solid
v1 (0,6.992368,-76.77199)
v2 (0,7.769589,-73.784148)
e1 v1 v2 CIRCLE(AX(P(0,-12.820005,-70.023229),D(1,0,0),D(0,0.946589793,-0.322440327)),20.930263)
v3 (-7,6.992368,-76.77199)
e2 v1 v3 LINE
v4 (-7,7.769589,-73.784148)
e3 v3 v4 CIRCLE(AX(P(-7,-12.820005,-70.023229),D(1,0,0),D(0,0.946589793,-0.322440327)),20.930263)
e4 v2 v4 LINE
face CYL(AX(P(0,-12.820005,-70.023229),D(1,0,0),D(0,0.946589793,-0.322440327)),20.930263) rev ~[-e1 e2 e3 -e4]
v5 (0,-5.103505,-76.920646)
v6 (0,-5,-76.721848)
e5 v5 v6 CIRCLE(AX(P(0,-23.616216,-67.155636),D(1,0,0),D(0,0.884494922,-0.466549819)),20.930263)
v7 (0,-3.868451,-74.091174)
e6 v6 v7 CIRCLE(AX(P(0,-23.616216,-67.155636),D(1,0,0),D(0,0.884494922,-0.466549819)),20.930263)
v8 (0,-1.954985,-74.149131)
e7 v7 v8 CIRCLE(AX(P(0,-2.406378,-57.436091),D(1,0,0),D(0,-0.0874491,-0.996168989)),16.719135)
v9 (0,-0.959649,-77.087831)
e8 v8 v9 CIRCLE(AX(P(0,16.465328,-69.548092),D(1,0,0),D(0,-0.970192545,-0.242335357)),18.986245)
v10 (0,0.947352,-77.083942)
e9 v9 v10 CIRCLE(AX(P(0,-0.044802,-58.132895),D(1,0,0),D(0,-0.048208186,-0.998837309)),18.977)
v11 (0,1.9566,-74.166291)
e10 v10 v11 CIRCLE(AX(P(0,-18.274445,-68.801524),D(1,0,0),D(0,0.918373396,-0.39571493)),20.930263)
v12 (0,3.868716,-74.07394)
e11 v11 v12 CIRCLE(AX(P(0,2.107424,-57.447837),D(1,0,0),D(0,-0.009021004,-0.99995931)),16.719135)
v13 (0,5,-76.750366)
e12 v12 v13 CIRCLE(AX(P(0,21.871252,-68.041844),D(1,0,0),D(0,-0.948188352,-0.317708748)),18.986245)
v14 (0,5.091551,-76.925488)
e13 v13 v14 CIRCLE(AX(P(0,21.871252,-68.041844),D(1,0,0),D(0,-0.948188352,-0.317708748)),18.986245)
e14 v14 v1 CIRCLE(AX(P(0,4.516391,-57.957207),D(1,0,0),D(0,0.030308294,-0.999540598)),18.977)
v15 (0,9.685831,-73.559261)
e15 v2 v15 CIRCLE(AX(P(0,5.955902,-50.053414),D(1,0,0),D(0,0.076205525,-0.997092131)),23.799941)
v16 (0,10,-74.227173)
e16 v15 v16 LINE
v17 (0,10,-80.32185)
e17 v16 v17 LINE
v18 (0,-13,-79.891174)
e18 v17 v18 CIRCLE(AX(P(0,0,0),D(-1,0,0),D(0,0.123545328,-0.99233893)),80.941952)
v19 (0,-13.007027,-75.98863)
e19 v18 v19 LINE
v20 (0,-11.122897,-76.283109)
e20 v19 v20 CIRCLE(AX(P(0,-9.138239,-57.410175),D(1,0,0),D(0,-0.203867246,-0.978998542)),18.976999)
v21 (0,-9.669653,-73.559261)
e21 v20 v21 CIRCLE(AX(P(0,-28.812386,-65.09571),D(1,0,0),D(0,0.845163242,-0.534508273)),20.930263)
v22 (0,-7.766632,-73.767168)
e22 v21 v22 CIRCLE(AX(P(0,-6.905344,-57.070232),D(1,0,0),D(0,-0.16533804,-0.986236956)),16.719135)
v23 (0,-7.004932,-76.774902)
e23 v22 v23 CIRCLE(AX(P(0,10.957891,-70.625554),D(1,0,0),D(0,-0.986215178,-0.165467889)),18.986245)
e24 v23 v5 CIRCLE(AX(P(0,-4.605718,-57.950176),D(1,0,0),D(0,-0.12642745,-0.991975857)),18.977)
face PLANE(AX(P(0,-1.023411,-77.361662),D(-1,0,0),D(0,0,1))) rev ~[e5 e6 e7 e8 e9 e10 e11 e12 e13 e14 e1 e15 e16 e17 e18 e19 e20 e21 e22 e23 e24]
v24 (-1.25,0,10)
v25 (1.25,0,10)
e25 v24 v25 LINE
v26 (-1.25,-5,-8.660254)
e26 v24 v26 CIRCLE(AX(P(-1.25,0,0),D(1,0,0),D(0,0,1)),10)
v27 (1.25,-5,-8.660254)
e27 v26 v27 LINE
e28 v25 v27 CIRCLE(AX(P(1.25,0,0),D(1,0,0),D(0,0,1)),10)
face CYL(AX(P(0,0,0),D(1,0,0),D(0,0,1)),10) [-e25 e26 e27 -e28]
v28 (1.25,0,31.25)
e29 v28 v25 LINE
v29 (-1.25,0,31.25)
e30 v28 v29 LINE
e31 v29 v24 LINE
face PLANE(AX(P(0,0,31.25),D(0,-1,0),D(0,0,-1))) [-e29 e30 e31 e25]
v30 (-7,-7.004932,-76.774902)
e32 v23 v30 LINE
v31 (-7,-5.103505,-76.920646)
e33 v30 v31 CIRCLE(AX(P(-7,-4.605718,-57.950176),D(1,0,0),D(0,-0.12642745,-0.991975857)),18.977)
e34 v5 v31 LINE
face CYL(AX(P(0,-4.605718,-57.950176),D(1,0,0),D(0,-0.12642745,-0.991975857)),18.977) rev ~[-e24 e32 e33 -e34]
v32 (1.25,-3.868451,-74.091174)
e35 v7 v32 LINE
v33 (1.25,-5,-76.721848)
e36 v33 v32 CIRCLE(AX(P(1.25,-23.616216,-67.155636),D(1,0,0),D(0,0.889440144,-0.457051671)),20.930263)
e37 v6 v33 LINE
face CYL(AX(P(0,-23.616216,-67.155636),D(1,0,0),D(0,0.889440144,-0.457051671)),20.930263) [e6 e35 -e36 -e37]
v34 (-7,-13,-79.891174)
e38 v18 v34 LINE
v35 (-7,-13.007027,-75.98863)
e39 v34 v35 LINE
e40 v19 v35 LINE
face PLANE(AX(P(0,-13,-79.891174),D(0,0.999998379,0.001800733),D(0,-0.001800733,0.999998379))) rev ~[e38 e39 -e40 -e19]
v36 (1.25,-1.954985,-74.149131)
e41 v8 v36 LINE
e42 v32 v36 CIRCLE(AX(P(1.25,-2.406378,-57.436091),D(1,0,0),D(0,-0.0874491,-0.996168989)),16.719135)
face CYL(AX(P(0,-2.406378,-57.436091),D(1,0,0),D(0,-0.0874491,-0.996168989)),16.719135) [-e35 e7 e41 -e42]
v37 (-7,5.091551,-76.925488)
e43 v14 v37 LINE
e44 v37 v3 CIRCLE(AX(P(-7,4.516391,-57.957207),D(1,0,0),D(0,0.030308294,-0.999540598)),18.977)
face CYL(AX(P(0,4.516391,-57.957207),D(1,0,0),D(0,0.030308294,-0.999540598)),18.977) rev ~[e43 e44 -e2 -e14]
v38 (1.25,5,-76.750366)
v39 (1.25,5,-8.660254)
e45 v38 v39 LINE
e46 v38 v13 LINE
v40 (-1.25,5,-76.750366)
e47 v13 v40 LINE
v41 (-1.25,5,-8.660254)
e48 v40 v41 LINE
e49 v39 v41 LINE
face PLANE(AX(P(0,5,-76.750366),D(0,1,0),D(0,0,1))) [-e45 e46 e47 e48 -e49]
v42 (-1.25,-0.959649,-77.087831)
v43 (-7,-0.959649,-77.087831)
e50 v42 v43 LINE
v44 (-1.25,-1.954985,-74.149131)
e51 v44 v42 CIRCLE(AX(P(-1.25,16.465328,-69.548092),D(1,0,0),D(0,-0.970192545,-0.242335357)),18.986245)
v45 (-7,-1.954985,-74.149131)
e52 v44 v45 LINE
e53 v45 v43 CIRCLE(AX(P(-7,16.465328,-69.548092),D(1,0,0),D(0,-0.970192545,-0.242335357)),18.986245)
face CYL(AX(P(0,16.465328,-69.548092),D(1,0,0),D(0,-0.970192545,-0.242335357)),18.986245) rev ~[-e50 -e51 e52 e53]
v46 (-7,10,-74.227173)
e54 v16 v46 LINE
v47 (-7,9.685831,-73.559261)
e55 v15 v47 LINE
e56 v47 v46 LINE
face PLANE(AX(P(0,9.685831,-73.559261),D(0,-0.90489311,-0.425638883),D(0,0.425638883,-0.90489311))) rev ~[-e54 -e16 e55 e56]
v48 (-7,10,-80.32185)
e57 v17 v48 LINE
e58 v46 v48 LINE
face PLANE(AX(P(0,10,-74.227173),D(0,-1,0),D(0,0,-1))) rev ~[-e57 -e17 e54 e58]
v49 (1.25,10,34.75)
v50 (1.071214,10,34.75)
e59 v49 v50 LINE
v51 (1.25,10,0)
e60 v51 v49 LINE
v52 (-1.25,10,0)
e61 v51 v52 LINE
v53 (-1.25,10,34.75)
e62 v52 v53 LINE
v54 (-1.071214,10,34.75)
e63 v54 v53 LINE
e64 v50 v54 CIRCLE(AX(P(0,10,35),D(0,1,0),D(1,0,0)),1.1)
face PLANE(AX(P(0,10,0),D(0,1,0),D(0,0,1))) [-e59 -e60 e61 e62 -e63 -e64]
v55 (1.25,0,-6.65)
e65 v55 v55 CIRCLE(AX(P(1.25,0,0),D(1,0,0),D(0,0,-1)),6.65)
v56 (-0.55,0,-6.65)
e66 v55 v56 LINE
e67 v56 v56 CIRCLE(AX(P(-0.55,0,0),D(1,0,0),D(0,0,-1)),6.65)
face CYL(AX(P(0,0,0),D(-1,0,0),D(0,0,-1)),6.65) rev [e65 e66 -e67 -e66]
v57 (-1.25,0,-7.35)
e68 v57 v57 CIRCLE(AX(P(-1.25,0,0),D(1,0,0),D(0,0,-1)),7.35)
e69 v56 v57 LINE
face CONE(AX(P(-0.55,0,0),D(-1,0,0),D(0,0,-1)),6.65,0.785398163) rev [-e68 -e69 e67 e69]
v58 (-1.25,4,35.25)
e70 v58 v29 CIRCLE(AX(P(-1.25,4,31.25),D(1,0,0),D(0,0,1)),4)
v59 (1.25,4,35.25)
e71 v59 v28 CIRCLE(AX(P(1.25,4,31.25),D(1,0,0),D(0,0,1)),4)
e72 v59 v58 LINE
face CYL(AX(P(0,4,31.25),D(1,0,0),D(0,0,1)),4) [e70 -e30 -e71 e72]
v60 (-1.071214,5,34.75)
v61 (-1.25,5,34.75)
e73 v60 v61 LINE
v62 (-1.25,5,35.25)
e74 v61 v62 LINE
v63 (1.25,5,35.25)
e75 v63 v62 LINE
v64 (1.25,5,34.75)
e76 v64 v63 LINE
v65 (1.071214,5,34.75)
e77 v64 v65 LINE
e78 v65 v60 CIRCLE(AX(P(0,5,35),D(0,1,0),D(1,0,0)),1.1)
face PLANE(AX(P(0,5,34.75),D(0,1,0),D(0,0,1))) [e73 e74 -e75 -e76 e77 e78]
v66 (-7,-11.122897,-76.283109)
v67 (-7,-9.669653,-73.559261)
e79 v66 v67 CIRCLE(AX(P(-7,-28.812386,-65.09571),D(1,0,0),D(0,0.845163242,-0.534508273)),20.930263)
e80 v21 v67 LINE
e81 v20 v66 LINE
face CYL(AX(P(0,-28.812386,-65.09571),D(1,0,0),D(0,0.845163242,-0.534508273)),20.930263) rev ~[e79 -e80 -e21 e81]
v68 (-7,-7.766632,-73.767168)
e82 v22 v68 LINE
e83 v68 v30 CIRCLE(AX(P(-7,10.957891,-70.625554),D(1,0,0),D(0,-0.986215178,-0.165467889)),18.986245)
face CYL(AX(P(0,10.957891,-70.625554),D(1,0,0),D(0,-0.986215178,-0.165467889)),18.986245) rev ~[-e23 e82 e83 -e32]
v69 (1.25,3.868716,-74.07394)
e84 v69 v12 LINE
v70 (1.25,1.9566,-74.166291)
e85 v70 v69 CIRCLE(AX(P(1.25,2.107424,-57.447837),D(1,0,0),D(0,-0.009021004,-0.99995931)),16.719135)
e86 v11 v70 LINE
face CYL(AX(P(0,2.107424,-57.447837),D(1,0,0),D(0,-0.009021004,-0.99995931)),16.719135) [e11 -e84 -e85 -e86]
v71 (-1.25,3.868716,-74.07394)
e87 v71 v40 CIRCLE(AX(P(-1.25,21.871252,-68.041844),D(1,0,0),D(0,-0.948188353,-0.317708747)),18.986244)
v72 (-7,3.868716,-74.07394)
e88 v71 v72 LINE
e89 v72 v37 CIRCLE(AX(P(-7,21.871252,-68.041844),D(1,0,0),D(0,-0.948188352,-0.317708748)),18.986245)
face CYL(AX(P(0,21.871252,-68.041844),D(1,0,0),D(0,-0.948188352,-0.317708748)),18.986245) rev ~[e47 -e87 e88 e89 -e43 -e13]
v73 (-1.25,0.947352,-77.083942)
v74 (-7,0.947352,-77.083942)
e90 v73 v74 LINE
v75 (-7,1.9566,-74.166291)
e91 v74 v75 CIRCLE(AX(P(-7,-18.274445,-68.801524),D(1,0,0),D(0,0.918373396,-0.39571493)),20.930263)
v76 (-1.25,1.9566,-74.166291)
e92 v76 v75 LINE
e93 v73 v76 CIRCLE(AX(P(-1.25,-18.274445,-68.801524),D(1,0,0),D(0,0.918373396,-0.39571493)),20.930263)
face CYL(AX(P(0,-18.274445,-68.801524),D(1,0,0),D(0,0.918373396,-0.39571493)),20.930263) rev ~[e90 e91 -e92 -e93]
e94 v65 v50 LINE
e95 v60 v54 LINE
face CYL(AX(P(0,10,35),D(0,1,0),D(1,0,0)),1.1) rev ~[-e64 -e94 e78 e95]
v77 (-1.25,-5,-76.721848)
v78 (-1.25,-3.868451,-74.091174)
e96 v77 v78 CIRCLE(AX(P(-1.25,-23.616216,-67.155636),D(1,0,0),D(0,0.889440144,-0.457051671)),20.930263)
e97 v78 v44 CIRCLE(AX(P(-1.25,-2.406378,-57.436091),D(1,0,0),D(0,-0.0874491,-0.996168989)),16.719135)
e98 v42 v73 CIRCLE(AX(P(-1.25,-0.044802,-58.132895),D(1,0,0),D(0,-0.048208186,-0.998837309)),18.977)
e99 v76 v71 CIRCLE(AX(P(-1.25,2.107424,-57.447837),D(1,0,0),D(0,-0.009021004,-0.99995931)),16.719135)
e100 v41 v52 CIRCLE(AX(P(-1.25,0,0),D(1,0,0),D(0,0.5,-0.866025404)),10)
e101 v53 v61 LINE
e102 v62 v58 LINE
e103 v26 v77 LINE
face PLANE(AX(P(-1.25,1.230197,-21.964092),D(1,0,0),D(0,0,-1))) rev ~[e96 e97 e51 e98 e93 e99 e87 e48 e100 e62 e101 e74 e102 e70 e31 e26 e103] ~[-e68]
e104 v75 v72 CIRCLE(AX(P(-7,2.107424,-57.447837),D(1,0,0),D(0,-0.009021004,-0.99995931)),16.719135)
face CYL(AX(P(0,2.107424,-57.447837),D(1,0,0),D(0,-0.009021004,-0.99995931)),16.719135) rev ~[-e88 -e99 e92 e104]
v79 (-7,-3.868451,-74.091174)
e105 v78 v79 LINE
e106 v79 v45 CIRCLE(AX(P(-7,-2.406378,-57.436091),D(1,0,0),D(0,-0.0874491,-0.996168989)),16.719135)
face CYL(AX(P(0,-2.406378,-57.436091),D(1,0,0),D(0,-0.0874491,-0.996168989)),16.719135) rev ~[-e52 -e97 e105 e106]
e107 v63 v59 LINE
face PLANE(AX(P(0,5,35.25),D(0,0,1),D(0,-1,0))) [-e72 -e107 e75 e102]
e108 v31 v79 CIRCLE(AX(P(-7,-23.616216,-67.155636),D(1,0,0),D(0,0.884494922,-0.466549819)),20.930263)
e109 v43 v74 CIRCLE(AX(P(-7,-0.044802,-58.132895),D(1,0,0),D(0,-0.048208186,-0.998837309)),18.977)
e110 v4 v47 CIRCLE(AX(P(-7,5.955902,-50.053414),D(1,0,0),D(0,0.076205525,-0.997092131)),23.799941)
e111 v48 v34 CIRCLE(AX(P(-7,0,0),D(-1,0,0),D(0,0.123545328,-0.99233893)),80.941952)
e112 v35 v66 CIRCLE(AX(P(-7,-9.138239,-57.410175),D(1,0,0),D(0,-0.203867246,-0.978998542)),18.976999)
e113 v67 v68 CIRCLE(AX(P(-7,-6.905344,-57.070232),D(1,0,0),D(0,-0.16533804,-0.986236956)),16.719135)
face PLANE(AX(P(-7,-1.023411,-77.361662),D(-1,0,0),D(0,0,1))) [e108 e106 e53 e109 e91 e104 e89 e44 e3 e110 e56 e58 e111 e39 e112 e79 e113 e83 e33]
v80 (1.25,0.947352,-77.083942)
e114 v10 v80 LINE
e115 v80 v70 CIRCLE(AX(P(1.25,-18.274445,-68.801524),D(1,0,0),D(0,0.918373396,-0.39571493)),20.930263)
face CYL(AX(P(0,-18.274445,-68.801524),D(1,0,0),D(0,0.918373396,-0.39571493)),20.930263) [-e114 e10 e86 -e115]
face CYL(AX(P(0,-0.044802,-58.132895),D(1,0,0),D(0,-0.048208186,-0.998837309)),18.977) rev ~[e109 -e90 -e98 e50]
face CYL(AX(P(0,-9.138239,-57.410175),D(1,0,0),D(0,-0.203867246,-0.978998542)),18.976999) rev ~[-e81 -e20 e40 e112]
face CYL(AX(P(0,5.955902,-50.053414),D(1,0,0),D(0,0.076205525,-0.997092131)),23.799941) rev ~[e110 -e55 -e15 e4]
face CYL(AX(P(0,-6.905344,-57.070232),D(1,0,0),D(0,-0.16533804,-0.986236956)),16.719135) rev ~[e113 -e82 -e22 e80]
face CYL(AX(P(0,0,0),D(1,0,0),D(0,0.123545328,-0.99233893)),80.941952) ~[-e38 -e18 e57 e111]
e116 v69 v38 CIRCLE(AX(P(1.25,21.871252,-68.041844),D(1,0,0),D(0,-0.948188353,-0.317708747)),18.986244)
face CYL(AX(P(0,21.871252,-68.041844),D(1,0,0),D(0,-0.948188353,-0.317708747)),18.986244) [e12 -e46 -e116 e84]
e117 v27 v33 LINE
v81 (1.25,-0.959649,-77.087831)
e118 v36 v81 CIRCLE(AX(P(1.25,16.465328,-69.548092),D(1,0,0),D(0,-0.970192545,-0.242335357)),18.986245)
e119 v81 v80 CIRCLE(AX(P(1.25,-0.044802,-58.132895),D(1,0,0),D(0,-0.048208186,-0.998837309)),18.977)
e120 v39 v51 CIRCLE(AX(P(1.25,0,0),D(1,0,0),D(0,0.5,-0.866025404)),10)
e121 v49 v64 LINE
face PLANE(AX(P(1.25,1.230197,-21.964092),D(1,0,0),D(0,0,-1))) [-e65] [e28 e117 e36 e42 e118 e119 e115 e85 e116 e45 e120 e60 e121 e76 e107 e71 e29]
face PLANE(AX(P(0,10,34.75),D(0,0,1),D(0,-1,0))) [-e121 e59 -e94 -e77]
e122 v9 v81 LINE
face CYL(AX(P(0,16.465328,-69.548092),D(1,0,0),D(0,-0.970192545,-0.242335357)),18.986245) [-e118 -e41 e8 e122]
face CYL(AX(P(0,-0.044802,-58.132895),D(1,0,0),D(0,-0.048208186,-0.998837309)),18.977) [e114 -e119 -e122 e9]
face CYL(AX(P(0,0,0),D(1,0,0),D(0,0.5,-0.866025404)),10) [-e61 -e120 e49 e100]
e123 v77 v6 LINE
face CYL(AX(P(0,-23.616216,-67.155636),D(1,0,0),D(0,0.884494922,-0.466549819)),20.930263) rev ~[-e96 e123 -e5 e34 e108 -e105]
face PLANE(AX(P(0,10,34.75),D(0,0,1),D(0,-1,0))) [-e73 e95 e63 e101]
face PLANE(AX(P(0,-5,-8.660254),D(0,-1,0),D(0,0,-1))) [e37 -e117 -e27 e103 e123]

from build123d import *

# Parameters (mm, degrees)
SKETCH_1_R          = 6.65
EXTRUDE_1_DEPTH     = 1.25
EXTRUDE_2_DEPTH     = 7
SKETCH_3_R          = 1.1
CUT_EXTRUDE_1_DEPTH = 5
CHAMFER_1_SIZE      = 0.7


with BuildPart() as part:
    # Эскиз1 → Бобышка-Вытянуть1 (new, symmetric)
    with BuildSketch(Plane(origin=(0, 0, 0), x_dir=(0, 0, -1), z_dir=(1, 0, 0))):
        with BuildLine():
            Line((-31.25, 0), (-10, 0))
            ThreePointArc((-10, 0), (-2.588190451, -9.659258263), (8.660254038, -5))
            Line((8.660254038, -5), (76.721847542, -5))
            ThreePointArc((76.721847542, -5), (75.425886146, -4.389181279), (74.09117429, -3.868451302))
            ThreePointArc((74.09117429, -3.868451302), (74.147561595, -2.912548148), (74.149130868, -1.954984622))
            ThreePointArc((74.149130868, -1.954984622), (75.638846987, -1.51744657), (77.087831178, -0.959648686))
            ThreePointArc((77.087831178, -0.959648686), (77.109856091, -0.006099484), (77.083941958, 0.947351948))
            ThreePointArc((77.083941958, 0.947351948), (75.643750299, 1.505844774), (74.166291118, 1.956600379))
            ThreePointArc((74.166291118, 1.956600379), (74.147505302, 2.913980899), (74.073940169, 3.8687157))
            ThreePointArc((74.073940169, 3.8687157), (75.433826566, 4.383081961), (76.750365892, 5))
            Line((76.750365892, 5), (8.660254038, 5))
            ThreePointArc((8.660254038, 5), (5, 8.660254038), (0, 10))
            Line((0, 10), (-34.75, 10))
            Line((-34.75, 10), (-34.75, 5))
            Line((-34.75, 5), (-35.25, 5))
            Line((-35.25, 5), (-35.25, 4))
            ThreePointArc((-35.25, 4), (-34.078427125, 1.171572875), (-31.25, 0))
        make_face()
        Circle(SKETCH_1_R, mode=Mode.SUBTRACT)
    extrude(amount=EXTRUDE_1_DEPTH, both=True)

    # Эскиз1<5> → Бобышка-Вытянуть2 (add)
    with BuildSketch(Plane(origin=(0, 0, 0), x_dir=(0, 0, -1), z_dir=(1, 0, 0))):
        with BuildLine():
            Line((73.559260736, 9.685830974), (74.227172899, 10))
            Line((74.227172899, 10), (80.32185029, 10))
            ThreePointArc((80.32185029, 10), (80.927765714, -1.515378033), (79.891173693, -13))
            Line((79.891173693, -13), (75.988629927, -13.007027449))
            ThreePointArc((75.988629927, -13.007027449), (76.159551637, -12.068663477), (76.283109214, -11.12289675))
            ThreePointArc((76.283109214, -11.12289675), (74.948016231, -10.345984286), (73.559260736, -9.669652694))
            ThreePointArc((73.559260736, -9.669652694), (73.690473514, -8.721120367), (73.767167518, -7.766631814))
            ThreePointArc((73.767167518, -7.766631814), (75.28662018, -7.447324325), (76.774901953, -7.004931935))
            ThreePointArc((76.774901953, -7.004931935), (76.871673579, -6.056050262), (76.920646267, -5.103504803))
            ThreePointArc((76.920646267, -5.103504803), (75.528713081, -4.433737489), (74.09117429, -3.868451302))
            ThreePointArc((74.09117429, -3.868451302), (74.147561595, -2.912548148), (74.149130868, -1.954984622))
            ThreePointArc((74.149130868, -1.954984622), (75.638846987, -1.51744657), (77.087831178, -0.959648686))
            ThreePointArc((77.087831178, -0.959648686), (77.109856091, -0.006099484), (77.083941958, 0.947351948))
            ThreePointArc((77.083941958, 0.947351948), (75.643750299, 1.505844774), (74.166291118, 1.956600379))
            ThreePointArc((74.166291118, 1.956600379), (74.147505302, 2.913980899), (74.073940169, 3.8687157))
            ThreePointArc((74.073940169, 3.8687157), (75.524735151, 4.421786748), (76.925488289, 5.091551117))
            ThreePointArc((76.925488289, 5.091551117), (76.872630699, 6.043888899), (76.771989513, 6.992367959))
            ThreePointArc((76.771989513, 6.992367959), (75.292418643, 7.436143003), (73.784148097, 7.769588967))
            ThreePointArc((73.784148097, 7.769588967), (73.691130431, 8.729989779), (73.559260736, 9.685830974))
        make_face()
    extrude(amount=-EXTRUDE_2_DEPTH)

    # Эскиз3 → Вырез-Вытянуть1 (cut)
    with BuildSketch(Plane(origin=(0, 10, 0), x_dir=(1, 0, 0), z_dir=(0, 1, 0))):
        with Locations((0, -35)):
            Circle(SKETCH_3_R)
    extrude(amount=-CUT_EXTRUDE_1_DEPTH, mode=Mode.SUBTRACT)

    # Фаска1
    chamfer_1_edges = [part.edges().sort_by_distance(p)[0] for p in [
        (-1.25, 0, 6.65),
    ]]
    chamfer(chamfer_1_edges, length=CHAMFER_1_SIZE)


solid = part.part
